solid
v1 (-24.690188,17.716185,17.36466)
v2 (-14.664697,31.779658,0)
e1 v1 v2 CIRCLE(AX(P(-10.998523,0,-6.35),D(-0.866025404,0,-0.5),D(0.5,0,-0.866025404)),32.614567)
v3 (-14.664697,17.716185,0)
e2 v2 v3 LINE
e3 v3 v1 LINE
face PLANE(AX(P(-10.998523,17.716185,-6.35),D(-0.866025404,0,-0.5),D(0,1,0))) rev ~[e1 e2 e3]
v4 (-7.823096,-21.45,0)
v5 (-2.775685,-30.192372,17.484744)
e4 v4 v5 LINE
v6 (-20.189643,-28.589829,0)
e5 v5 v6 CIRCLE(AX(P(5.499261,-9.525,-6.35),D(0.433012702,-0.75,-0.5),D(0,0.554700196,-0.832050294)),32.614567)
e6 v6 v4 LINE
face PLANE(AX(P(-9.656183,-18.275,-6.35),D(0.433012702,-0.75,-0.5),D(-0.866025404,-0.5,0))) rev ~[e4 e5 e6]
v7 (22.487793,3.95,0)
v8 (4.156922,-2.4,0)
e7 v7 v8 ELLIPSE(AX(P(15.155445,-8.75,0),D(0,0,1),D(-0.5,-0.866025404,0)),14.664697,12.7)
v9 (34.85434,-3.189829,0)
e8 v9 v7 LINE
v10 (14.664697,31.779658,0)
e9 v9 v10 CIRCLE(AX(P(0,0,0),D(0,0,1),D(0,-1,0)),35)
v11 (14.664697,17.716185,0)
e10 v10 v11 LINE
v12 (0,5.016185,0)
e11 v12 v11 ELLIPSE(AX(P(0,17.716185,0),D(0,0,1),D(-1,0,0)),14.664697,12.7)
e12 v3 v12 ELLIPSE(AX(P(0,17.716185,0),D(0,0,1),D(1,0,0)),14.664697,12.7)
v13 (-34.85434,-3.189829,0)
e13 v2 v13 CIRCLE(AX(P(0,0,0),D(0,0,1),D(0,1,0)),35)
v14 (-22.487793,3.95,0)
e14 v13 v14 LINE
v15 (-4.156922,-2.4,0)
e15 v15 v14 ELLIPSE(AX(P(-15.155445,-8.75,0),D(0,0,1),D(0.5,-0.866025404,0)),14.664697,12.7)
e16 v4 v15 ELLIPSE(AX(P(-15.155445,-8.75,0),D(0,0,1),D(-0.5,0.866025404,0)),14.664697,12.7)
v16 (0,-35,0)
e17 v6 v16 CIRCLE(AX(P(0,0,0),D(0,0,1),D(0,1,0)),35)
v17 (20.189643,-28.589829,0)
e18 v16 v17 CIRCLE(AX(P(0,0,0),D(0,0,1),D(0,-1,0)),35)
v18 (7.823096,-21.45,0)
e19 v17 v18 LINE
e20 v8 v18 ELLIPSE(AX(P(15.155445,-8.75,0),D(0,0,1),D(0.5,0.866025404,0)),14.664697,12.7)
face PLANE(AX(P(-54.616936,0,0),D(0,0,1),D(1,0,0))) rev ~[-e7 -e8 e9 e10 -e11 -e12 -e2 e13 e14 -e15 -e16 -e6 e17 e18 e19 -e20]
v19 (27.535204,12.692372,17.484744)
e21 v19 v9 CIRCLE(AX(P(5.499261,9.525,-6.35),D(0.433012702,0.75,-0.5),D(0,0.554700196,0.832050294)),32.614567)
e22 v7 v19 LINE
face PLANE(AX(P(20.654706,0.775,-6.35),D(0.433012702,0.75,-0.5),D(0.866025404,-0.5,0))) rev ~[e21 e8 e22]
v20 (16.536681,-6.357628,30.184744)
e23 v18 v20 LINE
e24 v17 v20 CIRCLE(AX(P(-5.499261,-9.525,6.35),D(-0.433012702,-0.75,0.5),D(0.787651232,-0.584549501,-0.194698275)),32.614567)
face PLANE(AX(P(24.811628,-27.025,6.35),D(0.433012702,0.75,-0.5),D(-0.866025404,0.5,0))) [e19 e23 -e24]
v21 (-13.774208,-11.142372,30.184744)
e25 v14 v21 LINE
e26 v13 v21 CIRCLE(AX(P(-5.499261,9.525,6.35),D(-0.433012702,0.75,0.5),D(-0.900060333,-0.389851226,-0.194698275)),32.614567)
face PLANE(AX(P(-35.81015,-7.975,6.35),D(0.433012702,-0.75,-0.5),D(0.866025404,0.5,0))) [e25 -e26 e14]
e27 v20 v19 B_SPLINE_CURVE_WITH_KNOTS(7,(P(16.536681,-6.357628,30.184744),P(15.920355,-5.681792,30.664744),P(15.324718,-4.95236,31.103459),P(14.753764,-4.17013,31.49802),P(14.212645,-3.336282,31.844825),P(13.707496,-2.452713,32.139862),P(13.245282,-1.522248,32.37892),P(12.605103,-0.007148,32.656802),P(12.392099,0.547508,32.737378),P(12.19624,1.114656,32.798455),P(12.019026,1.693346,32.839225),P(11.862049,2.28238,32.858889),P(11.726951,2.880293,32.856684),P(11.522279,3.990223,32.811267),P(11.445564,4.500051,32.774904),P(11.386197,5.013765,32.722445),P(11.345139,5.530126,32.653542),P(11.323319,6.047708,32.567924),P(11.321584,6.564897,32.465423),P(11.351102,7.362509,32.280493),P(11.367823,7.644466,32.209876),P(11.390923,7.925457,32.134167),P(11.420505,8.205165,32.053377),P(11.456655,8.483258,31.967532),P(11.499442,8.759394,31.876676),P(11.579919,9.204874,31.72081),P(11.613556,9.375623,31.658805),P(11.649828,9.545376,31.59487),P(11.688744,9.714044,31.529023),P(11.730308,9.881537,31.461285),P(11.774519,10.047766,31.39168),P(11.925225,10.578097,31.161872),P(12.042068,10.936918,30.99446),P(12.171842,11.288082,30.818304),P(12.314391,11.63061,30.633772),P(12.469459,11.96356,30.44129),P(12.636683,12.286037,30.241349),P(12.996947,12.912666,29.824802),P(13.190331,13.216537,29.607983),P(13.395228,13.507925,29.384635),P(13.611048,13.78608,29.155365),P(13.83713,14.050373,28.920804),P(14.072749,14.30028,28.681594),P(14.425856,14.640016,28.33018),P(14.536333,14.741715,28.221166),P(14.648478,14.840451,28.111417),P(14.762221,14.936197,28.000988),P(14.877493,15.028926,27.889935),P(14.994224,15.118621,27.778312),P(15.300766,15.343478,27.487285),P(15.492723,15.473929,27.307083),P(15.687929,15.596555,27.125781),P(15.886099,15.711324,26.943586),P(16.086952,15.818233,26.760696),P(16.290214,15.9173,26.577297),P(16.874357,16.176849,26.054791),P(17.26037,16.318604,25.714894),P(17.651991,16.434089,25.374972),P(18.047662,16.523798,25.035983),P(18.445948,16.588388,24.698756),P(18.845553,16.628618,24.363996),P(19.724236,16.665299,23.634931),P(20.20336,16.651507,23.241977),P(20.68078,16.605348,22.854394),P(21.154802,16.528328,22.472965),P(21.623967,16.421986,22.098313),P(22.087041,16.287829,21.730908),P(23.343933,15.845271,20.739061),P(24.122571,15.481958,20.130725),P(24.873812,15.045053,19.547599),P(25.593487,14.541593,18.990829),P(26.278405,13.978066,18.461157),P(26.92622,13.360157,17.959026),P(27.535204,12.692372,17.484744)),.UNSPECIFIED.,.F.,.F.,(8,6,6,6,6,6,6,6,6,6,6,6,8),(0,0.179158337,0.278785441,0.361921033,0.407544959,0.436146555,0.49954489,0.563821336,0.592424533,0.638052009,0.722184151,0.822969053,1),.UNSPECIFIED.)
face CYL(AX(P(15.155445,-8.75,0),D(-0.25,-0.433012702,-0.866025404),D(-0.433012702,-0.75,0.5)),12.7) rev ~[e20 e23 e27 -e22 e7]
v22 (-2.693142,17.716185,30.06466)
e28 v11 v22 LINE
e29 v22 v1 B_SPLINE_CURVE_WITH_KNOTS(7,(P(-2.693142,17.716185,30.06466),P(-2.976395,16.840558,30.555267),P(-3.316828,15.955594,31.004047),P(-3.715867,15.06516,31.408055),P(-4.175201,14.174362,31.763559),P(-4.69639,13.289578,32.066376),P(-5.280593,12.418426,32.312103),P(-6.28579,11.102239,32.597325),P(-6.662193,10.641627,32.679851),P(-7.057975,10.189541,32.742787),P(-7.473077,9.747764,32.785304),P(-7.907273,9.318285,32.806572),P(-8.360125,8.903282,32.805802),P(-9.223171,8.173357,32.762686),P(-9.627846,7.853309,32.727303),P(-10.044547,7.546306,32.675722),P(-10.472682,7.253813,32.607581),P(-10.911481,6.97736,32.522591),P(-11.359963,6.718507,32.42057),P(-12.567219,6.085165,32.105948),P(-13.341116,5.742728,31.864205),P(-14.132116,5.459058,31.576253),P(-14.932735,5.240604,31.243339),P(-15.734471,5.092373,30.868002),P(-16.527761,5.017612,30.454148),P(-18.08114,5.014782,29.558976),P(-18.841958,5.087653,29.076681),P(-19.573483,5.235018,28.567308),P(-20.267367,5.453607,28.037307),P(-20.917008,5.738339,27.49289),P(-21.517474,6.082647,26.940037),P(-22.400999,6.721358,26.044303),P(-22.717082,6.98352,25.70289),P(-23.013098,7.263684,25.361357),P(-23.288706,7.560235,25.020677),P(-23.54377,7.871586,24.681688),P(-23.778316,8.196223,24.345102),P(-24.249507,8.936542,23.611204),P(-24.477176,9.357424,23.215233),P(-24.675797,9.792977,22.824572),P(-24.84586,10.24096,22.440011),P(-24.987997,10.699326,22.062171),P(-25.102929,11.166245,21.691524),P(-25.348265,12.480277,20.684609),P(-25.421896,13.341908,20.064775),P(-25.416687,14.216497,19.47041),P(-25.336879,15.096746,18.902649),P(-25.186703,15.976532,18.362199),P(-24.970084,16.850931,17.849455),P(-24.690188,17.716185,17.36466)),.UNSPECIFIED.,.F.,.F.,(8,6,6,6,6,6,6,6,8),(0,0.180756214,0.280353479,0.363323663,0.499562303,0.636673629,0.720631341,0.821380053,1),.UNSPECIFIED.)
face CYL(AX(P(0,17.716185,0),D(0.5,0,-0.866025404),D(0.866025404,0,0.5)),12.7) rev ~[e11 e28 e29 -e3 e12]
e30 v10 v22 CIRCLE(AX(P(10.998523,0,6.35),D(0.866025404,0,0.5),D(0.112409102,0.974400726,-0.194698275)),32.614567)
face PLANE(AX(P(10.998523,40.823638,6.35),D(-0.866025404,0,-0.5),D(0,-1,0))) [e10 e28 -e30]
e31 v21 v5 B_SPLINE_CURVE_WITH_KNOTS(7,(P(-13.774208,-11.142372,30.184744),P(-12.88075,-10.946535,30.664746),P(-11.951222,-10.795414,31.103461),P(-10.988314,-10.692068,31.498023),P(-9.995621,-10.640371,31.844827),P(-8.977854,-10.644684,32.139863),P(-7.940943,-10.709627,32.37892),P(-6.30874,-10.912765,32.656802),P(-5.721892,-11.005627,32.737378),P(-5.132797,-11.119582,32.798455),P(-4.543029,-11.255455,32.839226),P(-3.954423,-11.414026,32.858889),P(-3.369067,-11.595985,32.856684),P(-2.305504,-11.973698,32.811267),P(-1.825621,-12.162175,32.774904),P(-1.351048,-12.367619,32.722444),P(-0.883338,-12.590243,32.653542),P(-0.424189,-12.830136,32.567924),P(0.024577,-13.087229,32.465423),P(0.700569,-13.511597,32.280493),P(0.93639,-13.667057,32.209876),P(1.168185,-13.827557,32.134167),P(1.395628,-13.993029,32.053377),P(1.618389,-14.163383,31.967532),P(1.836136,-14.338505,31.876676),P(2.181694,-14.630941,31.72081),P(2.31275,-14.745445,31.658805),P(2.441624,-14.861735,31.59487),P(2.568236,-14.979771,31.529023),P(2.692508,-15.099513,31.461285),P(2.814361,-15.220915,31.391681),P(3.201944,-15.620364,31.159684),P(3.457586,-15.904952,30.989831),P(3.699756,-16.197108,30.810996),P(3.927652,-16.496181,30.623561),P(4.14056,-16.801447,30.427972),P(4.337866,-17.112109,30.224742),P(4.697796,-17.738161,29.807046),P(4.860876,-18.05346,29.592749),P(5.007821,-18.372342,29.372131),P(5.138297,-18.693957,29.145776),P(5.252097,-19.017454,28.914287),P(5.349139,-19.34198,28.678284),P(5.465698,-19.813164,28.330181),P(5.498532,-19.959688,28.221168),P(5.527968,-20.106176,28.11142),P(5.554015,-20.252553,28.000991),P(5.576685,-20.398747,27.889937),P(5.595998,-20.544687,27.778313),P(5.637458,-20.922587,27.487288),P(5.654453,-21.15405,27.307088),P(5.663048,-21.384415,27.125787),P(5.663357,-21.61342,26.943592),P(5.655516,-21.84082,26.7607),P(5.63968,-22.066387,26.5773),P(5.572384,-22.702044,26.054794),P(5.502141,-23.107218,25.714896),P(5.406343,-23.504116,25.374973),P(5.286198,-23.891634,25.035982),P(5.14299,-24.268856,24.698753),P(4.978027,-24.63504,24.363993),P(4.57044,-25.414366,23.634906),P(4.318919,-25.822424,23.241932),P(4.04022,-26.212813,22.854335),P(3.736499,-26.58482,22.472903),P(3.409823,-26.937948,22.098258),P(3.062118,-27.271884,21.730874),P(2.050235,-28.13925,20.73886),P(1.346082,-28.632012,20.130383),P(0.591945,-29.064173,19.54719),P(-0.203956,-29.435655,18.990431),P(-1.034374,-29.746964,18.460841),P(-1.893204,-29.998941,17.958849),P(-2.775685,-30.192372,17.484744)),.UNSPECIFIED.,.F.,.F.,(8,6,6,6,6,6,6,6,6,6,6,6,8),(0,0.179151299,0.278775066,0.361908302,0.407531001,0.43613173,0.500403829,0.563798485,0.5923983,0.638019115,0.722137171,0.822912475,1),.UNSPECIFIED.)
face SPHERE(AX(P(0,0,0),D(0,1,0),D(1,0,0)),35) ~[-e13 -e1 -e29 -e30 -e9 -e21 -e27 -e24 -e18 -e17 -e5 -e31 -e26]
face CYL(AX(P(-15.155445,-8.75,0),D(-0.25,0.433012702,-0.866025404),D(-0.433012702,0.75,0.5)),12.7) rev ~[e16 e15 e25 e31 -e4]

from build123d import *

# Parameters (mm, degrees)
F3_W           = 110.9925583005
F3_H           = 44.4556474686
F4_DEPTH       = 40
F4_DEPTH_BACK  = 40
F7_DEPTH       = 60
F7_DEPTH_BACK  = 25
F12_DEPTH      = 60
F12_DEPTH_BACK = 60
F16_DEPTH      = 60
F16_DEPTH_BACK = 60


with BuildPart() as f2:
    # F0 (on Top) → F2 (revolve)
    with BuildSketch(Plane.XY):
        with BuildLine():
            Line((0, 35), (0, -35))
            ThreePointArc((0, -35), (35, 0), (0, 35))
        make_face()
    revolve(axis=Axis((0, 0, 0), (0, -1, 0)))

    # F3 (on Front) → F4 (cut, two sides)
    with BuildSketch(Plane.XZ) as f4_sk:
        with Locations((0.8793435991, -22.2278237343)):
            Rectangle(F3_W, F3_H)
    extrude(amount=-F4_DEPTH, mode=Mode.SUBTRACT)
    extrude(f4_sk.sketch, amount=F4_DEPTH_BACK, mode=Mode.SUBTRACT)

    # F6 (on line) → F7 (cut, two sides)
    with BuildSketch(Plane(origin=(0, 0, 0), x_dir=(0.8660254038, 0, 0.5), z_dir=(0.5, 0, -0.8660254038))) as f7_sk:
        with BuildLine():
            Line((12.7, -40.8236384392), (12.7, -17.7161854768))
            ThreePointArc((12.7, -17.7161854768), (0, -5.0161854768), (-12.7, -17.7161854768))
            Line((-12.7, -17.7161854768), (-12.7, -40.8236384392))
            Line((-12.7, -40.8236384392), (12.7, -40.8236384392))
        make_face()
    extrude(amount=-F7_DEPTH, mode=Mode.SUBTRACT)
    extrude(f7_sk.sketch, amount=F7_DEPTH_BACK, mode=Mode.SUBTRACT)

    # F11 (on line) → F12 (cut, two sides)
    with BuildSketch(Plane(origin=(0, 0, 0), x_dir=(0.9682458366, 0.1118033989, -0.2236067977), z_dir=(-0.25, 0.4330127019, -0.8660254038))) as f12_sk:
        with BuildLine():
            Line((-36.9845643478, 4.2932505168), (-21.3320885053, -3.5329874044))
            ThreePointArc((-21.3320885053, -3.5329874044), (-4.2932505168, 2.1466252584), (-9.9728631796, 19.1854632469))
            Line((-9.9728631796, 19.1854632469), (-25.6253390221, 27.0117011682))
            Line((-25.6253390221, 27.0117011682), (-36.9845643478, 4.2932505168))
        make_face()
    extrude(amount=-F12_DEPTH, mode=Mode.SUBTRACT)
    extrude(f12_sk.sketch, amount=F12_DEPTH_BACK, mode=Mode.SUBTRACT)

    # F15 (on line) → F16 (cut, two sides)
    with BuildSketch(Plane(origin=(0, 0, 0), x_dir=(0.9682458366, -0.1118033989, -0.2236067977), z_dir=(-0.25, -0.4330127019, -0.8660254038))) as f16_sk:
        with BuildLine():
            Line((25.6253390221, 27.0117011682), (9.9728631796, 19.1854632469))
            ThreePointArc((9.9728631796, 19.1854632469), (4.2932505168, 2.1466252584), (21.3320885053, -3.5329874044))
            Line((21.3320885053, -3.5329874044), (36.9845643478, 4.2932505168))
            Line((36.9845643478, 4.2932505168), (25.6253390221, 27.0117011682))
        make_face()
    extrude(amount=-F16_DEPTH, mode=Mode.SUBTRACT)
    extrude(f16_sk.sketch, amount=F16_DEPTH_BACK, mode=Mode.SUBTRACT)


solid = f2.part
